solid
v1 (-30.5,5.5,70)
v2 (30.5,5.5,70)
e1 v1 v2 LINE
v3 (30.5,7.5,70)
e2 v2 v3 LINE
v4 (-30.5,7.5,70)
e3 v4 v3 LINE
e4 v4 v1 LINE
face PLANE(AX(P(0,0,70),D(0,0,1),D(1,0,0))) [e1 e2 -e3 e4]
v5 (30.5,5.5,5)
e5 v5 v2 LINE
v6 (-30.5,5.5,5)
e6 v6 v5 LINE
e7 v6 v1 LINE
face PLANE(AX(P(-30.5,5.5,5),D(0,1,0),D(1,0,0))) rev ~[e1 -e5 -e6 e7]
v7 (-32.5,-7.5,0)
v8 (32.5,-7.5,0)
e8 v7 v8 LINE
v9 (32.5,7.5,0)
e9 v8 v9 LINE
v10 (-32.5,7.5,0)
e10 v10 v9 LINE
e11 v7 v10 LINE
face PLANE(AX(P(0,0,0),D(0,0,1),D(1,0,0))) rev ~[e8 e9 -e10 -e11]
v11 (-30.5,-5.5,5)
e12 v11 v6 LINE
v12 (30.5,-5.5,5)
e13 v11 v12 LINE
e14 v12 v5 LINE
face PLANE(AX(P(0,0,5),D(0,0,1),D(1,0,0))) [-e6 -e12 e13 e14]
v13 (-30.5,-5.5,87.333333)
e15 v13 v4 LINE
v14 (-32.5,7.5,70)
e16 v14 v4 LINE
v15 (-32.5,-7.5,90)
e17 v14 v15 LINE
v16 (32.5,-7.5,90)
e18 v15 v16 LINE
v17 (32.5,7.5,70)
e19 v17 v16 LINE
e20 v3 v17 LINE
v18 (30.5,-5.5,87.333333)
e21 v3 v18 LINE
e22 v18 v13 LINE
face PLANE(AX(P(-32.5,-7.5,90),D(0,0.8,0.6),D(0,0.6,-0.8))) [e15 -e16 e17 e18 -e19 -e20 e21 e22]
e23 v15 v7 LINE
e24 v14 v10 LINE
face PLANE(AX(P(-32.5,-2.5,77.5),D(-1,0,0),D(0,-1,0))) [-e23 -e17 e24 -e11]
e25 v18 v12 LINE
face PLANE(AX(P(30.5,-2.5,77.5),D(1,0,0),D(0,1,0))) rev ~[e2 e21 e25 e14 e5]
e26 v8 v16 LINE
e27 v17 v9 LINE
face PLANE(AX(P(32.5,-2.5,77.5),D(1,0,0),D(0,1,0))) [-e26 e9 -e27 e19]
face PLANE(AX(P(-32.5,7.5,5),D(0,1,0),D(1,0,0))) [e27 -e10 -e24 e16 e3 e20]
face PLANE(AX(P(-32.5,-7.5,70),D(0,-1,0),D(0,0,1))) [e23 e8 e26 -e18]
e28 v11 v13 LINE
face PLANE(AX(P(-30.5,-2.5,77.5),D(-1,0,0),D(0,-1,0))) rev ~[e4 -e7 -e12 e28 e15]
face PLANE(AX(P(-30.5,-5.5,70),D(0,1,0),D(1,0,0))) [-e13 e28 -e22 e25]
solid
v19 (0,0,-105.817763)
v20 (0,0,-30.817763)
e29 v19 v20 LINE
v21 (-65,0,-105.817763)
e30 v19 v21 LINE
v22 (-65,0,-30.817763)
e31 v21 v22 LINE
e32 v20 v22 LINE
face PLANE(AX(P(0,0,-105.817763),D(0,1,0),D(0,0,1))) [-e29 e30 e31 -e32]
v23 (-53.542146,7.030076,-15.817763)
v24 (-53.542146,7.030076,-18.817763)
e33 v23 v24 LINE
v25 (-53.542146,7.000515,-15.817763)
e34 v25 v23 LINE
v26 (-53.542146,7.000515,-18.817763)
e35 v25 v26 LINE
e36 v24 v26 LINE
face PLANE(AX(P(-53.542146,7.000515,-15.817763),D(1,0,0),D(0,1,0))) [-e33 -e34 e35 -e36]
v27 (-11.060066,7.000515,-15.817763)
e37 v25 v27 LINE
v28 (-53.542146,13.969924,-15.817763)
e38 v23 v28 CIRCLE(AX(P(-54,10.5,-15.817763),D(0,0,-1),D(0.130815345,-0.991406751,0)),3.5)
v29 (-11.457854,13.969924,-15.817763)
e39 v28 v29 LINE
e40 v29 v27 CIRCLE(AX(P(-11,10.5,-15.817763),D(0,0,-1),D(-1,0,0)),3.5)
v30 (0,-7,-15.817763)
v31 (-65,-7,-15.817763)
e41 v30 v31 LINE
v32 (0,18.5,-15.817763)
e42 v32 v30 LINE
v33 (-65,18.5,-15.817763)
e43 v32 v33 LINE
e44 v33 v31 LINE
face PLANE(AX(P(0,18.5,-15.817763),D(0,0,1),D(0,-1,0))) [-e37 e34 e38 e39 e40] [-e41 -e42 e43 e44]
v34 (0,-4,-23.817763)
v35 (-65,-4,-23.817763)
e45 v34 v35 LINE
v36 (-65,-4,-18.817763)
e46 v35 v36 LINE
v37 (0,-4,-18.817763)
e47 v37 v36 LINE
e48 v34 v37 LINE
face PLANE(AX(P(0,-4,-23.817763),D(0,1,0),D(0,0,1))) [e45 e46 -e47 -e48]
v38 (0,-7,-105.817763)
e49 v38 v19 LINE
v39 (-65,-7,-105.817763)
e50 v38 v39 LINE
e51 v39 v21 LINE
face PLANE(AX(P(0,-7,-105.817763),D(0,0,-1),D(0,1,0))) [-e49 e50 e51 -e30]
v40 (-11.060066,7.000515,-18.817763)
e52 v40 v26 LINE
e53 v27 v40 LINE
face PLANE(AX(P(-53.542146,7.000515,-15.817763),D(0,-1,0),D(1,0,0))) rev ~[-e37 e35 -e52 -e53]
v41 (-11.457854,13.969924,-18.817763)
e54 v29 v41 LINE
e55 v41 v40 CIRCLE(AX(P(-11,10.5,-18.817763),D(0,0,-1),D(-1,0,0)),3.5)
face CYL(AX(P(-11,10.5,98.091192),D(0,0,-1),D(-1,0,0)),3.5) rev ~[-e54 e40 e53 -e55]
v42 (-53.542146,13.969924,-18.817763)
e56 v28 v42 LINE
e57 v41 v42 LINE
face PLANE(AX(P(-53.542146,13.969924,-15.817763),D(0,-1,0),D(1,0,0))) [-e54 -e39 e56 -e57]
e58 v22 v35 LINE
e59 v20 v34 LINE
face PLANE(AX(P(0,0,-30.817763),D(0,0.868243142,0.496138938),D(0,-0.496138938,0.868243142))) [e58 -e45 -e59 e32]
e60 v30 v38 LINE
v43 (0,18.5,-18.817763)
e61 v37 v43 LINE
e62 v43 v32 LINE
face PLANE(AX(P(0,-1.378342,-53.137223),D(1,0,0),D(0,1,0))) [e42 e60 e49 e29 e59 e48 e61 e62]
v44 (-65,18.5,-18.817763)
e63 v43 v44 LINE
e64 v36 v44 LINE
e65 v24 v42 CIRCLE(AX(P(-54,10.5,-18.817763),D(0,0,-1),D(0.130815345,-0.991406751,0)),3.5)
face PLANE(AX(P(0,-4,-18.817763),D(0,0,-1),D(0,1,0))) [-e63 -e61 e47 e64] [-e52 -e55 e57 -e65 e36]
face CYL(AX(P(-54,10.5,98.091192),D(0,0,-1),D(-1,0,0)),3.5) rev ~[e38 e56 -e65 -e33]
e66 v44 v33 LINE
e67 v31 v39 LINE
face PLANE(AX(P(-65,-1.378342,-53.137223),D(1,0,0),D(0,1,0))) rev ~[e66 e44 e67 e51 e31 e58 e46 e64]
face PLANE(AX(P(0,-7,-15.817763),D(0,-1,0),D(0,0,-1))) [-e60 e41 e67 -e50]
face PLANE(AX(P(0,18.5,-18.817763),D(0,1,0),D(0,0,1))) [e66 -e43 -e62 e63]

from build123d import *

# Parameters (mm, degrees)
F0_W      = 65
F0_H      = 15
F1_DEPTH  = 5
F2_W      = 65
F2_H      = 15
F2_W_2    = 61
F2_H_2    = 11
F3_DEPTH  = 65
F5_DEPTH  = 2
F7_DEPTH  = 2
F8_W      = 61
F8_H      = 2
F9_DEPTH  = 20
F10_DEPTH = 63.001
F12_DEPTH = 65
F14_D     = 7
F15_W     = 42.4820806249
F15_H     = 6.9694081779
F16_DEPTH = 90.001


with BuildPart() as f1:
    # F0 (on Top) → F1 (new body)
    with BuildSketch(Plane.XY):
        Rectangle(F0_W, F0_H)
    extrude(amount=F1_DEPTH)

    # F2 (on face) → F3 (join)
    with BuildSketch(Plane.XY.offset(5)):
        Rectangle(F2_W, F2_H)
        Rectangle(F2_W_2, F2_H_2, mode=Mode.SUBTRACT)
    extrude(amount=F3_DEPTH)

    # F4 (on face) → F5 (join)
    with BuildSketch(Plane.YZ.offset(32.5)):
        Polygon((-7.5, 90), (-7.5, 70), (7.5, 70), align=None)
    extrude(amount=-F5_DEPTH)

    # F6 (on face) → F7 (join)
    with BuildSketch(Plane(origin=(-32.5, 0, 0), x_dir=(0, -1, 0), z_dir=(-1, 0, 0))):
        Polygon((-7.5, 70), (7.5, 70), (7.5, 90), align=None)
    extrude(amount=-F7_DEPTH)

    # F8 (on face) → F9 (join)
    with BuildSketch(Plane.XY.offset(70)):
        with Locations((0, -6.5)):
            Rectangle(F8_W, F8_H)
    extrude(amount=F9_DEPTH)

    # F10 (cut, through all): a face of the model
    f10_faces = [f1.faces().sort_by_distance(p)[0] for p in [
        (30.5, -6.1666666667, 89.1111111111),
    ]]
    extrude(f10_faces, amount=-F10_DEPTH, mode=Mode.SUBTRACT)


with BuildPart() as f12:
    # F11 (on Right) → F12 (new body)
    with BuildSketch(Plane.YZ):
        Polygon((18.5, -15.8177633183), (-7, -15.8177633183), (-7, -105.8177633183), (0, -105.8177633183), (0, -30.8177633183), (-4, -23.8177633183), (-4, -18.8177633183), (18.5, -18.8177633183), align=None)
    extrude(amount=-F12_DEPTH)

    # F14 (through all)
    with Locations(Plane.XY.offset(-15.8177633183)):
        with Locations((-54, 10.5), (-11, 10.5)):
            Hole(F14_D / 2)

    # F15 (on face) → F16 (cut, through all)
    with BuildSketch(Plane.XY.offset(-15.8177633183)):
        with Locations((-32.3011059811, 10.485219539)):
            Rectangle(F15_W, F15_H)
    extrude(amount=-F16_DEPTH, mode=Mode.SUBTRACT)


solid = Compound([f1.part, f12.part])
